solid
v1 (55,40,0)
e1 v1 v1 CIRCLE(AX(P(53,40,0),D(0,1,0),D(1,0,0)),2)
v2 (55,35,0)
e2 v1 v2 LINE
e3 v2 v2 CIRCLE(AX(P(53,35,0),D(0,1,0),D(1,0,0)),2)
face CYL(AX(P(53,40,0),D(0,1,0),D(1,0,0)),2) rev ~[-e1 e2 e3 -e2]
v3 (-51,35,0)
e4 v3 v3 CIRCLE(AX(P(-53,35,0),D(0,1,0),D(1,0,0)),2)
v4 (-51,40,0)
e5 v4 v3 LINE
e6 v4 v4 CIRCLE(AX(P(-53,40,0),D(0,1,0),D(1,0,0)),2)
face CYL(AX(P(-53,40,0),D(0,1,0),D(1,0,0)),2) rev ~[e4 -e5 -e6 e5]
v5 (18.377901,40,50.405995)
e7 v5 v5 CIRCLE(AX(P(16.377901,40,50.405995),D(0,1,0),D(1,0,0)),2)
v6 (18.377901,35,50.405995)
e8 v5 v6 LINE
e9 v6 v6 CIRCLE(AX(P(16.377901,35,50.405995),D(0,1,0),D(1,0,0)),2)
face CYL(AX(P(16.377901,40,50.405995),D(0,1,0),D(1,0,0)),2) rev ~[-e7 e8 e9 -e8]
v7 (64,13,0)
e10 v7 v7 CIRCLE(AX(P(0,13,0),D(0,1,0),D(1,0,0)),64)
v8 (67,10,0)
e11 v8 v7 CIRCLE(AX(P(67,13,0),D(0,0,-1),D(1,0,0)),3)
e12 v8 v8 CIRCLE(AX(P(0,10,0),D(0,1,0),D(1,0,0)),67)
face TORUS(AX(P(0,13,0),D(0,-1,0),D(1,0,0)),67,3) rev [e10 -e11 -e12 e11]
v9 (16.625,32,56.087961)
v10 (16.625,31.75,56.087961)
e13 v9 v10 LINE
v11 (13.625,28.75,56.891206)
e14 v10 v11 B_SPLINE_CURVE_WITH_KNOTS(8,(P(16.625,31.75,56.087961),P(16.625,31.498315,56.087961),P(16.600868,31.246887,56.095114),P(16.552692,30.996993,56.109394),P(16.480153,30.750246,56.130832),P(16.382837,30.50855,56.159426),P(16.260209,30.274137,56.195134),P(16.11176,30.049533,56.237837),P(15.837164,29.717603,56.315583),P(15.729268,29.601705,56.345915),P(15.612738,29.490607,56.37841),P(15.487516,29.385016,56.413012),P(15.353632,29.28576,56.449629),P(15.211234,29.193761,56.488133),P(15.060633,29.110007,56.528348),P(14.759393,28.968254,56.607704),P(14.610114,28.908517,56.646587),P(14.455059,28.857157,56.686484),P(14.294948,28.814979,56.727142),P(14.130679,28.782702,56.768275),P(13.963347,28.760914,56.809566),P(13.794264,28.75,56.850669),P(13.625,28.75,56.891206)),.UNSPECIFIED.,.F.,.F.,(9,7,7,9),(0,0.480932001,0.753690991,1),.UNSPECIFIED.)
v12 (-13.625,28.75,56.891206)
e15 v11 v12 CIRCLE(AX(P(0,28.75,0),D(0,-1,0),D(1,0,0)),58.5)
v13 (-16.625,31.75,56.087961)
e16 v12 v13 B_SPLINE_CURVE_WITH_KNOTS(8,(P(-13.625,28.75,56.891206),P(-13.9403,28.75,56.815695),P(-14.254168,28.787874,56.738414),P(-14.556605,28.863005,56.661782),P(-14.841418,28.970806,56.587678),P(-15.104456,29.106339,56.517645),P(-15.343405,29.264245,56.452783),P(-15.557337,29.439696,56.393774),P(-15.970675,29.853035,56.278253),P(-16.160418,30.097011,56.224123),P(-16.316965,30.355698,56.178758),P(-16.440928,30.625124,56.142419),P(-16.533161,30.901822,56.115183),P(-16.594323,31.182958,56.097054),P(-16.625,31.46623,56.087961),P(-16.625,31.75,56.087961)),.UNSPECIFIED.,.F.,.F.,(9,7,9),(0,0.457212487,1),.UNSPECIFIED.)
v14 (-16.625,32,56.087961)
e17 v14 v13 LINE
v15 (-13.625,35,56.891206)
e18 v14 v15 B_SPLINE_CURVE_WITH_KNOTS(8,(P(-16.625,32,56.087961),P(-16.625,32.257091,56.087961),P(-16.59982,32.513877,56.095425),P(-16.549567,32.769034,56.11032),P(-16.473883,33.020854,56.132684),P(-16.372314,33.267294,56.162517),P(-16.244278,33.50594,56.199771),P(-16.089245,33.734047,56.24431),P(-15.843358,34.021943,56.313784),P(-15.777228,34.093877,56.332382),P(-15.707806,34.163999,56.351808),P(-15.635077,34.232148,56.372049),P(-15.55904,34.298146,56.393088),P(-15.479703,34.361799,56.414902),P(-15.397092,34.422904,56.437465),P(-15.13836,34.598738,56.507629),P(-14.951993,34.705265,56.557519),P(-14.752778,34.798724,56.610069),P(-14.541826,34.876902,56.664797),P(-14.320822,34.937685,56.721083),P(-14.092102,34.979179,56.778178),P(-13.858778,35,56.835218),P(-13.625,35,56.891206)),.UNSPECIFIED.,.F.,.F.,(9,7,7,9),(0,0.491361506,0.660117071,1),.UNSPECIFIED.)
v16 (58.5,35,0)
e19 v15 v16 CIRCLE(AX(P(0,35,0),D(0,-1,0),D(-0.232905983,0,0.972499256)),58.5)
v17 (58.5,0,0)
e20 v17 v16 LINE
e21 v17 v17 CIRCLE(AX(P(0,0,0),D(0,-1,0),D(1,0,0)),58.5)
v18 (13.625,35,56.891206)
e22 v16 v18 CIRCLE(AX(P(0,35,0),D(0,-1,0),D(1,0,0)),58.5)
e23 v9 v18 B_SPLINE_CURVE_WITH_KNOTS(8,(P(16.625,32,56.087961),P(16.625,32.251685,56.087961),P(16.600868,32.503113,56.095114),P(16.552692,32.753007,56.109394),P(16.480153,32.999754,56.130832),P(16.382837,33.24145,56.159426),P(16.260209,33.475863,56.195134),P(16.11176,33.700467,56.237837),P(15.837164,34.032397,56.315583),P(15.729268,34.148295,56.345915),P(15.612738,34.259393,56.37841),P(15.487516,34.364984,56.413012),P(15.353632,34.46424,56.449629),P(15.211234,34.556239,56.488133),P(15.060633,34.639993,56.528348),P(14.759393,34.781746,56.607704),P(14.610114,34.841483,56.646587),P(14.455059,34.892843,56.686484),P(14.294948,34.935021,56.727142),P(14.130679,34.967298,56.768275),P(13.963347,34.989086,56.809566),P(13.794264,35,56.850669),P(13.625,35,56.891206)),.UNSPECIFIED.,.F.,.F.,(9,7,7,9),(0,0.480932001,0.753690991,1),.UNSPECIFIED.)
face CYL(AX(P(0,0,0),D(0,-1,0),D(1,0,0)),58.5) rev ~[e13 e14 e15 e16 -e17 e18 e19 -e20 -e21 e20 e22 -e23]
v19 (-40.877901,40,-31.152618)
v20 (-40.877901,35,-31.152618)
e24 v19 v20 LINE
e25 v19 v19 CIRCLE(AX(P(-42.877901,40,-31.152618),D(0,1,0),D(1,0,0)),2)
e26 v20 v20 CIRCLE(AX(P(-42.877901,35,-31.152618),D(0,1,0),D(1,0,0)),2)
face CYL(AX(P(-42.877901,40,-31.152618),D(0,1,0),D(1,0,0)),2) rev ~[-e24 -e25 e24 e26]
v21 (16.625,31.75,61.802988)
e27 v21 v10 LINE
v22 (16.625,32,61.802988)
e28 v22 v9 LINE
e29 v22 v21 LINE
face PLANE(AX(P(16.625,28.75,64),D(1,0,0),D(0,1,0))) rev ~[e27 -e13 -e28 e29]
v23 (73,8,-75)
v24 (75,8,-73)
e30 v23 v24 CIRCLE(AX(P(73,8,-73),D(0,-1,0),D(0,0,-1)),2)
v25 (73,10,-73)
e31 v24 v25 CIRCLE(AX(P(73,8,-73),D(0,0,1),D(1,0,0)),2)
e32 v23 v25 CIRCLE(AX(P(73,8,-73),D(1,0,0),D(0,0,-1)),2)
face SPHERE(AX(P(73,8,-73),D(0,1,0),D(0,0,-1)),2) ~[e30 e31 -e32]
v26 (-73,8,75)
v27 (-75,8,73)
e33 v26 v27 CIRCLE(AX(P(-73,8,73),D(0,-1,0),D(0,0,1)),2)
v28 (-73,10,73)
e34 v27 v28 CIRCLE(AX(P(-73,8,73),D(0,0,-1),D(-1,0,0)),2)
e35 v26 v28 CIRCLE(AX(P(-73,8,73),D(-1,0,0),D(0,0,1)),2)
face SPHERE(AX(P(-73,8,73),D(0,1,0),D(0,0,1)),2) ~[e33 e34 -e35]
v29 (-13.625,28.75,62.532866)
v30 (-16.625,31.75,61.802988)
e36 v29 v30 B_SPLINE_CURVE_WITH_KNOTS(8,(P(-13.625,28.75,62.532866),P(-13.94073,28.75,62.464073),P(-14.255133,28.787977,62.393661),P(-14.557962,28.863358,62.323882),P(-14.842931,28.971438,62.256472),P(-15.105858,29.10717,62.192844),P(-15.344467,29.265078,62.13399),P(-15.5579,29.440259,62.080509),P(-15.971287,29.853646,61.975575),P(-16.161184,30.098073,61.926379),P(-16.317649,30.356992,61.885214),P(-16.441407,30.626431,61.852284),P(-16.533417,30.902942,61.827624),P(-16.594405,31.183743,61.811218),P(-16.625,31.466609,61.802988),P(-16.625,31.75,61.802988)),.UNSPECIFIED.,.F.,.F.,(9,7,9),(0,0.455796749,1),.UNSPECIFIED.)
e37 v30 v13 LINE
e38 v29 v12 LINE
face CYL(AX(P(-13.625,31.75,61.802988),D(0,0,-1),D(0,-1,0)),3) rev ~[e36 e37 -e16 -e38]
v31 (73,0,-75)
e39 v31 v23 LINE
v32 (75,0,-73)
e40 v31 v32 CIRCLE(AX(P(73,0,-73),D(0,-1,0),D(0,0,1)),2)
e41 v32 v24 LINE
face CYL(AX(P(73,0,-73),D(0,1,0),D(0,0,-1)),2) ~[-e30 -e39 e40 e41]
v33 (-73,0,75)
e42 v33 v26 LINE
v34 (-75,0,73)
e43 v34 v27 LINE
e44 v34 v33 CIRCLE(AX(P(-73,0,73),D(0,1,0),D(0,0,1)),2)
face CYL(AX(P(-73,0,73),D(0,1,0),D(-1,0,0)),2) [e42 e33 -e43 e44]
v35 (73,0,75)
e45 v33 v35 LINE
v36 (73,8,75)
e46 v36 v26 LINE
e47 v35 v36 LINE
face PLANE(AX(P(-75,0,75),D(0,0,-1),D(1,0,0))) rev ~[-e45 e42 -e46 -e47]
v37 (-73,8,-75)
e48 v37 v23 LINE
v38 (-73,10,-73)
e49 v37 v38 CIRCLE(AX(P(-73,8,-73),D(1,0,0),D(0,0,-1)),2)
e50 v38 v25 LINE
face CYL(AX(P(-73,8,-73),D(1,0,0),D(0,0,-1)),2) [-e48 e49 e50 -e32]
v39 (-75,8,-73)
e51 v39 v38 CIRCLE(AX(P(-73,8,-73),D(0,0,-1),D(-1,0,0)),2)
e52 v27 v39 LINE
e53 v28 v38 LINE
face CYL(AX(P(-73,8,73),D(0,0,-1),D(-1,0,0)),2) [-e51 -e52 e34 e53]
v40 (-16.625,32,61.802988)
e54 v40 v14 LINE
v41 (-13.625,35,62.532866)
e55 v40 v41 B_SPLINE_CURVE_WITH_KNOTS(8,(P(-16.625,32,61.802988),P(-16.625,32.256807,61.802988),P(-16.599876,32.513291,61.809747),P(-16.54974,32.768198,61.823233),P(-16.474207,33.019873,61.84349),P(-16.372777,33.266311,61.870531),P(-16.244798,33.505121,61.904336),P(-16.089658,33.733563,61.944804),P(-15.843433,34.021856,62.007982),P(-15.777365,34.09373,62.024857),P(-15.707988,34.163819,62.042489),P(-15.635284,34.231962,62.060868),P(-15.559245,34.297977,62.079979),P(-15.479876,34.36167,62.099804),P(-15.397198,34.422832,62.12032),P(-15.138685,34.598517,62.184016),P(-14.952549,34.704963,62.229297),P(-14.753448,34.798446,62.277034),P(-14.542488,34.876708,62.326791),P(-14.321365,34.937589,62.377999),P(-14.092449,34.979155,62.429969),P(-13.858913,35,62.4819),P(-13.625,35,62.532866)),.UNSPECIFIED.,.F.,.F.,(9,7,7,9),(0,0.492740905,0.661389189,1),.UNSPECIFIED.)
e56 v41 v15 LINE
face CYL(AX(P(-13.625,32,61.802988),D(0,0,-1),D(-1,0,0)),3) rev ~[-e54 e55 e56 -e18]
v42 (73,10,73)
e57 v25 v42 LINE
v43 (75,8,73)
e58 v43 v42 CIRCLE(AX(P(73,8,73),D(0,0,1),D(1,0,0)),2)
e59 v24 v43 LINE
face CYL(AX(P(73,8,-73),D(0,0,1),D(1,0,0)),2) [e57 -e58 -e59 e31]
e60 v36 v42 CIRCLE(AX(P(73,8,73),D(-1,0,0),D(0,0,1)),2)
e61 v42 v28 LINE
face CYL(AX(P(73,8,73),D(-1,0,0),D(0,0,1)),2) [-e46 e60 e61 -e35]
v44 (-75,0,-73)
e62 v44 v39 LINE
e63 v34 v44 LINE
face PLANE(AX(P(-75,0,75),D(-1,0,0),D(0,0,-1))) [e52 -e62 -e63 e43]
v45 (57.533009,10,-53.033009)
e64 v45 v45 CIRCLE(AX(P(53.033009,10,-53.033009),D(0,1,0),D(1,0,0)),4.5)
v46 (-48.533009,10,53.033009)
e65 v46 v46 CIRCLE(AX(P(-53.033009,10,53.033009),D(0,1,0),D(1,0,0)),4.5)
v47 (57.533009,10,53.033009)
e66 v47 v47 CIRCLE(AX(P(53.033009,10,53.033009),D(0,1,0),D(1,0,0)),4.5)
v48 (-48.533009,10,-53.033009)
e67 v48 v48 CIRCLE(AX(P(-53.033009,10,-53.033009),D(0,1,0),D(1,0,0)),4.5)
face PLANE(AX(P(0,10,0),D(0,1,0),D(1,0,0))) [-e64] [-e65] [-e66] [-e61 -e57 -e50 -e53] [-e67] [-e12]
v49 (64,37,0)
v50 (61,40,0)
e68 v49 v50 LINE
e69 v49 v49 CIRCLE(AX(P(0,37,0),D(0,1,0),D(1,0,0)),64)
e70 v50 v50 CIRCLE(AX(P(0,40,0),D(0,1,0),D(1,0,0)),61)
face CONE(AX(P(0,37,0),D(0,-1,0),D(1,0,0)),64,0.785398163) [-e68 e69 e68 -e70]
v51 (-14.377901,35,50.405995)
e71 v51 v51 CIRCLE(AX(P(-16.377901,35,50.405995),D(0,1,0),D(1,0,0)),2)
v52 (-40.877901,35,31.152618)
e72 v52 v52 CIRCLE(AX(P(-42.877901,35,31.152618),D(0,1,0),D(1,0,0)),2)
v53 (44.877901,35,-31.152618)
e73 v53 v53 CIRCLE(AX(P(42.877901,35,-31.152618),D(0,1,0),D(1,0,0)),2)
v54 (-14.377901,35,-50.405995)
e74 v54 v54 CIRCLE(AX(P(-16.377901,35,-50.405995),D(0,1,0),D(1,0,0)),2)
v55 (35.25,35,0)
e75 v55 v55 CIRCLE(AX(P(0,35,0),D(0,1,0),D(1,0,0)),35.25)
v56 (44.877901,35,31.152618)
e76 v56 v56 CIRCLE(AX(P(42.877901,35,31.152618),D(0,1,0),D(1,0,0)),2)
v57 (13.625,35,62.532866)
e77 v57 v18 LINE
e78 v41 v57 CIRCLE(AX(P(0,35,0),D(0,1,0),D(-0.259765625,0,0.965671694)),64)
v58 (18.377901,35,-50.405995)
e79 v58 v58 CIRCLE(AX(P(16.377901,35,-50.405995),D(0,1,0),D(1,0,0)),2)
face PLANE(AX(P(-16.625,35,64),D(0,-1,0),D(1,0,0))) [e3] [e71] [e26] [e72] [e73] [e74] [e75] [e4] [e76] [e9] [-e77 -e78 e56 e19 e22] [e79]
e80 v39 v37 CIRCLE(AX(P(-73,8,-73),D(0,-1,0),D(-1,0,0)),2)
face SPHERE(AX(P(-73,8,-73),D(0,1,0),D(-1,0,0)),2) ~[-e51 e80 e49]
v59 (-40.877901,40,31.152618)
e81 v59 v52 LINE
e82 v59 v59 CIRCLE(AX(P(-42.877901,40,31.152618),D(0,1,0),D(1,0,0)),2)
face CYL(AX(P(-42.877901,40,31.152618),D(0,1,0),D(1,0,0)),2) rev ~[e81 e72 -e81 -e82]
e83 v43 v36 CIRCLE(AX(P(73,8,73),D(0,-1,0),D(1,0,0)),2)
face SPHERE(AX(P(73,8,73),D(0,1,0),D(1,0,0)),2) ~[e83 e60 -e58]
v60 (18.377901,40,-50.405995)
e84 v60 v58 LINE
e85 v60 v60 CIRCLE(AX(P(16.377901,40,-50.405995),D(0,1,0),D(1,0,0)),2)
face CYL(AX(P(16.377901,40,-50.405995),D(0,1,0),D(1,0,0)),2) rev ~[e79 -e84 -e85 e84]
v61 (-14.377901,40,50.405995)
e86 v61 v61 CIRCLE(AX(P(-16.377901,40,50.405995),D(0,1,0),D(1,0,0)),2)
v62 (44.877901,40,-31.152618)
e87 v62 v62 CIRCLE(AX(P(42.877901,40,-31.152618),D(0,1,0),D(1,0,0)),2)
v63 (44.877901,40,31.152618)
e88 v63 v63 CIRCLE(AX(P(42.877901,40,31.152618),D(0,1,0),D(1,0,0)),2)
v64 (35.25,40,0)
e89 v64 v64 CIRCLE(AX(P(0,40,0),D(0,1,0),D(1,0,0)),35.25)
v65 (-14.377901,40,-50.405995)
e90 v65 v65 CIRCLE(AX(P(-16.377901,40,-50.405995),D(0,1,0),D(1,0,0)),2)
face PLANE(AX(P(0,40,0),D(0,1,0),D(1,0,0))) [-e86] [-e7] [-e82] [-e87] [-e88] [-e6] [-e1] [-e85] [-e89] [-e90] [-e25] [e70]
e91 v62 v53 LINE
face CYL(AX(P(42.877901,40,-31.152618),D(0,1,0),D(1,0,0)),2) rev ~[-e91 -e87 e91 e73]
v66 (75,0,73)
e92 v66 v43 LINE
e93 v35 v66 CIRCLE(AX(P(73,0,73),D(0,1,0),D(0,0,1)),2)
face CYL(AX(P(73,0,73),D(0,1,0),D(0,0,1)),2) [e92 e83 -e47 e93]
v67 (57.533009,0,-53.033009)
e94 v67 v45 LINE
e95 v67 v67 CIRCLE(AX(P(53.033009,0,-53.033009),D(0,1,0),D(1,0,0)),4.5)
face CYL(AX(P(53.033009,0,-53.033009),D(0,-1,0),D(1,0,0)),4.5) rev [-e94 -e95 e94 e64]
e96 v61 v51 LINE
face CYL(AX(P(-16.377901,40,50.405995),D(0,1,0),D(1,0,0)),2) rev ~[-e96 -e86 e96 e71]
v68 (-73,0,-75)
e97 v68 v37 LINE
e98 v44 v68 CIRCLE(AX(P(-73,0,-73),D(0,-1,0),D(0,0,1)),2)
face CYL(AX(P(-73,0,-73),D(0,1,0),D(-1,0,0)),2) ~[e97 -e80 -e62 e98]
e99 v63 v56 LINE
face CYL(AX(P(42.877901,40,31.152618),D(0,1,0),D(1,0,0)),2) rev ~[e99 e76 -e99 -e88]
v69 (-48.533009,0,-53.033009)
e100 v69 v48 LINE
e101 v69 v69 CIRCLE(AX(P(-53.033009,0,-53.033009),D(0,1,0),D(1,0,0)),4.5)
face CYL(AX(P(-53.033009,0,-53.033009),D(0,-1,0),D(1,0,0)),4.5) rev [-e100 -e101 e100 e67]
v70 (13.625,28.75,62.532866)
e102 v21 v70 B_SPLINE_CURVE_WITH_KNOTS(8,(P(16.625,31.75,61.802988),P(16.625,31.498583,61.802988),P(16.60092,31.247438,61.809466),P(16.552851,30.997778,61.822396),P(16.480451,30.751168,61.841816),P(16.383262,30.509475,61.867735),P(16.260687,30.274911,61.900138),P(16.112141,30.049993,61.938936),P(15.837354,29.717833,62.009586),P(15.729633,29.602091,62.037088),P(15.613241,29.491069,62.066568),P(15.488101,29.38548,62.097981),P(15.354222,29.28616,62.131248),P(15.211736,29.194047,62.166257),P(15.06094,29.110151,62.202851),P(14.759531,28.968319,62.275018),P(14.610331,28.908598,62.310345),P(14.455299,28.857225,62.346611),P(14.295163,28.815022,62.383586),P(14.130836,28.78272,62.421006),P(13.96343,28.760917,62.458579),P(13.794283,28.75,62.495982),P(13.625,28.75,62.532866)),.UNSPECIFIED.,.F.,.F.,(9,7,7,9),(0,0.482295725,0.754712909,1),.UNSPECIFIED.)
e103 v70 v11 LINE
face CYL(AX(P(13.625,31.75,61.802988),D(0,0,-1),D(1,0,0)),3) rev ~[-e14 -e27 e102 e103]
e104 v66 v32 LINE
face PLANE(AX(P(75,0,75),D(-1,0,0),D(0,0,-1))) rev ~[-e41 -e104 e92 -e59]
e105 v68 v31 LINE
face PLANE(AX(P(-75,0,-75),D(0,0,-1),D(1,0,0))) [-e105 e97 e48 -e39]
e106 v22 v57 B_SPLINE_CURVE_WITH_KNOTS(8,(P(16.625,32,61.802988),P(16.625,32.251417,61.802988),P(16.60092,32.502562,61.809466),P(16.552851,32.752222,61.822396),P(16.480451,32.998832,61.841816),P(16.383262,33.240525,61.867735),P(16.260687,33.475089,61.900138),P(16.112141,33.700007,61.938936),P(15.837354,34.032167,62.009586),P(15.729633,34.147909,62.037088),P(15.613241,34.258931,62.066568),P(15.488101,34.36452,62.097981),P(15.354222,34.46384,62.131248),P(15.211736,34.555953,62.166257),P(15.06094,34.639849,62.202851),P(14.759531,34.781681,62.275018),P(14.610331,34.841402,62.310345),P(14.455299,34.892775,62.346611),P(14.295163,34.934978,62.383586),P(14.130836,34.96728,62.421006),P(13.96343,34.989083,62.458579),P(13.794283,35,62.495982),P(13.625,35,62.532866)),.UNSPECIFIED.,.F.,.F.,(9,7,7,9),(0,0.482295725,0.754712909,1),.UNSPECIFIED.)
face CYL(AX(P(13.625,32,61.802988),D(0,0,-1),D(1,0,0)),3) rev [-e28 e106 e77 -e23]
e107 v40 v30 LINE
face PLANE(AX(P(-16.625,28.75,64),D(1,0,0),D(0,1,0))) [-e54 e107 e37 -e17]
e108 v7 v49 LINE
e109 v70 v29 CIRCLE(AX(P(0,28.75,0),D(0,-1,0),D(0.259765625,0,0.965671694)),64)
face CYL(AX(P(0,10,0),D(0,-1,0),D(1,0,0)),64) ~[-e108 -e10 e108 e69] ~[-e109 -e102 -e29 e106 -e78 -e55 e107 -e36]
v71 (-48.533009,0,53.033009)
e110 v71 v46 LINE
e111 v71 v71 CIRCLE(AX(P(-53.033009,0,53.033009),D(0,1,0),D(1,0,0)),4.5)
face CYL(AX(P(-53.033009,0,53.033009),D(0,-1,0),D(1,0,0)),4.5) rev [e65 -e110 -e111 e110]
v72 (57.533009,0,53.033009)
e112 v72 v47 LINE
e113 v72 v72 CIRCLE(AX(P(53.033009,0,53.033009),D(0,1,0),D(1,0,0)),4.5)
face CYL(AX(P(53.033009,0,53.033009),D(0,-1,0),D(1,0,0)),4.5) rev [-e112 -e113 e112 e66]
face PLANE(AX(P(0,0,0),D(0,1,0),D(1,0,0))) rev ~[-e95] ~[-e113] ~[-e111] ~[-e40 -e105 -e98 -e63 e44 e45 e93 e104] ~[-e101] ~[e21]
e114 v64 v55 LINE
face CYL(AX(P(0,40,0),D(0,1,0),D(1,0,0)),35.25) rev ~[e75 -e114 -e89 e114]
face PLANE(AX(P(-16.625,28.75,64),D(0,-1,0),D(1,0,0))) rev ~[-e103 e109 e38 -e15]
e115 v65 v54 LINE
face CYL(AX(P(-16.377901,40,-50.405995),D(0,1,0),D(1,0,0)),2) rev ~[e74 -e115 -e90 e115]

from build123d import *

# Parameters (mm, degrees)
SKETCH_1_W          = 150
SKETCH_1_H          = 150
SKETCH_1_R          = 4.5
EXTRUDE_1_DEPTH     = 10
FILLET_1_R          = 2
FILLET_2_R          = 2
SKETCH_4_R          = 64
EXTRUDE_4_DEPTH     = 30
FILLET_5_R          = 3
SKETCH_11_R         = 35.25
CUT_EXTRUDE_2_DEPTH = 41
SKETCH_10_R         = 58.5
CUT_EXTRUDE_3_DEPTH = 35
SKETCH_12_R         = 2
CUT_EXTRUDE_4_DEPTH = 41
CHAMFER_2_SIZE      = 3
SKETCH_14_W         = 33.25
SKETCH_14_H         = 6.25
CUT_EXTRUDE_5_DEPTH = 9
FILLET_7_R          = 3


with BuildPart() as part:
    # Эскиз1 → Бобышка-Вытянуть1 (new body)
    with BuildSketch(Plane(origin=(0, 0, 0), x_dir=(1, 0, 0), z_dir=(0, 1, 0))):
        Rectangle(SKETCH_1_W, SKETCH_1_H)
        with Locations((53.033008589, 53.033008589)):
            Circle(SKETCH_1_R, mode=Mode.SUBTRACT)
        with Locations((53.033008589, -53.033008589)):
            Circle(SKETCH_1_R, mode=Mode.SUBTRACT)
        with Locations((-53.033008589, -53.033008589)):
            Circle(SKETCH_1_R, mode=Mode.SUBTRACT)
        with Locations((-53.033008589, 53.033008589)):
            Circle(SKETCH_1_R, mode=Mode.SUBTRACT)
    extrude(amount=EXTRUDE_1_DEPTH)

    # Скругление1
    fillet_1_edges = [part.edges().sort_by_distance(p)[0] for p in [
        (-75, 5, -75),
        (75, 5, -75),
        (75, 5, 75),
        (-75, 5, 75),
    ]]
    fillet(fillet_1_edges, radius=FILLET_1_R)

    # Скругление2
    fillet_2_edges = [part.edges().sort_by_distance(p)[0] for p in [
        (-75, 10, 0),
        (0, 10, -75),
        (0, 10, 75),
        (75, 10, 0),
        (74.414213562, 10, 74.414213562),
        (-74.414213562, 10, 74.414213562),
        (74.414213562, 10, -74.414213562),
        (-74.414213562, 10, -74.414213562),
    ]]
    fillet(fillet_2_edges, radius=FILLET_2_R)

    # Эскиз4 → Бобышка-Вытянуть4 (add)
    with BuildSketch(Plane(origin=(0, 10, 0), x_dir=(1, 0, 0), z_dir=(0, 1, 0))):
        Circle(SKETCH_4_R)
    extrude(amount=EXTRUDE_4_DEPTH)

    # Скругление5
    fillet_5_edges = [part.edges().sort_by_distance(p)[0] for p in [
        (-64, 10, 0),
    ]]
    fillet(fillet_5_edges, radius=FILLET_5_R)

    # Эскиз11 → Вырез-Вытянуть2 (cut, through all)
    with BuildSketch(Plane(origin=(0, 40, 0), x_dir=(1, 0, 0), z_dir=(0, 1, 0))):
        Circle(SKETCH_11_R)
    extrude(amount=-CUT_EXTRUDE_2_DEPTH, mode=Mode.SUBTRACT)

    # Эскиз10 → Вырез-Вытянуть3 (cut)
    with BuildSketch(Plane.XZ):
        Circle(SKETCH_10_R)
    extrude(amount=-CUT_EXTRUDE_3_DEPTH, mode=Mode.SUBTRACT)

    # Эскиз12 → Вырез-Вытянуть4 (cut, through all)
    with BuildSketch(Plane(origin=(0, 40, 0), x_dir=(1, 0, 0), z_dir=(0, 1, 0))):
        with Locations((-53, 0)):
            Circle(SKETCH_12_R)
        with Locations((-42.877900702, 31.152618372)):
            Circle(SKETCH_12_R)
        with Locations((-16.377900702, 50.405995364)):
            Circle(SKETCH_12_R)
        with Locations((16.377900702, 50.405995364)):
            Circle(SKETCH_12_R)
        with Locations((42.877900702, 31.152618372)):
            Circle(SKETCH_12_R)
        with Locations((53, 0)):
            Circle(SKETCH_12_R)
        with Locations((42.877900702, -31.152618372)):
            Circle(SKETCH_12_R)
        with Locations((16.377900702, -50.405995364)):
            Circle(SKETCH_12_R)
        with Locations((-16.377900702, -50.405995364)):
            Circle(SKETCH_12_R)
        with Locations((-42.877900702, -31.152618372)):
            Circle(SKETCH_12_R)
    extrude(amount=-CUT_EXTRUDE_4_DEPTH, mode=Mode.SUBTRACT)

    # Фаска2
    chamfer_2_edges = [part.edges().sort_by_distance(p)[0] for p in [
        (-64, 40, 0),
    ]]
    chamfer(chamfer_2_edges, length=CHAMFER_2_SIZE)

    # Эскиз14 → Вырез-Вытянуть5 (cut)
    with BuildSketch(Plane.XY.offset(64)):
        with Locations((0, 31.875)):
            Rectangle(SKETCH_14_W, SKETCH_14_H)
    extrude(amount=-CUT_EXTRUDE_5_DEPTH, mode=Mode.SUBTRACT)

    # Скругление7
    fillet_7_edges = [part.edges().sort_by_distance(p)[0] for p in [
        (-16.625, 28.75, 58.945474725),
        (-16.625, 35, 58.945474725),
        (16.625, 35, 58.945474725),
        (16.625, 28.75, 58.945474725),
    ]]
    fillet(fillet_7_edges, radius=FILLET_7_R)


solid = part.part
